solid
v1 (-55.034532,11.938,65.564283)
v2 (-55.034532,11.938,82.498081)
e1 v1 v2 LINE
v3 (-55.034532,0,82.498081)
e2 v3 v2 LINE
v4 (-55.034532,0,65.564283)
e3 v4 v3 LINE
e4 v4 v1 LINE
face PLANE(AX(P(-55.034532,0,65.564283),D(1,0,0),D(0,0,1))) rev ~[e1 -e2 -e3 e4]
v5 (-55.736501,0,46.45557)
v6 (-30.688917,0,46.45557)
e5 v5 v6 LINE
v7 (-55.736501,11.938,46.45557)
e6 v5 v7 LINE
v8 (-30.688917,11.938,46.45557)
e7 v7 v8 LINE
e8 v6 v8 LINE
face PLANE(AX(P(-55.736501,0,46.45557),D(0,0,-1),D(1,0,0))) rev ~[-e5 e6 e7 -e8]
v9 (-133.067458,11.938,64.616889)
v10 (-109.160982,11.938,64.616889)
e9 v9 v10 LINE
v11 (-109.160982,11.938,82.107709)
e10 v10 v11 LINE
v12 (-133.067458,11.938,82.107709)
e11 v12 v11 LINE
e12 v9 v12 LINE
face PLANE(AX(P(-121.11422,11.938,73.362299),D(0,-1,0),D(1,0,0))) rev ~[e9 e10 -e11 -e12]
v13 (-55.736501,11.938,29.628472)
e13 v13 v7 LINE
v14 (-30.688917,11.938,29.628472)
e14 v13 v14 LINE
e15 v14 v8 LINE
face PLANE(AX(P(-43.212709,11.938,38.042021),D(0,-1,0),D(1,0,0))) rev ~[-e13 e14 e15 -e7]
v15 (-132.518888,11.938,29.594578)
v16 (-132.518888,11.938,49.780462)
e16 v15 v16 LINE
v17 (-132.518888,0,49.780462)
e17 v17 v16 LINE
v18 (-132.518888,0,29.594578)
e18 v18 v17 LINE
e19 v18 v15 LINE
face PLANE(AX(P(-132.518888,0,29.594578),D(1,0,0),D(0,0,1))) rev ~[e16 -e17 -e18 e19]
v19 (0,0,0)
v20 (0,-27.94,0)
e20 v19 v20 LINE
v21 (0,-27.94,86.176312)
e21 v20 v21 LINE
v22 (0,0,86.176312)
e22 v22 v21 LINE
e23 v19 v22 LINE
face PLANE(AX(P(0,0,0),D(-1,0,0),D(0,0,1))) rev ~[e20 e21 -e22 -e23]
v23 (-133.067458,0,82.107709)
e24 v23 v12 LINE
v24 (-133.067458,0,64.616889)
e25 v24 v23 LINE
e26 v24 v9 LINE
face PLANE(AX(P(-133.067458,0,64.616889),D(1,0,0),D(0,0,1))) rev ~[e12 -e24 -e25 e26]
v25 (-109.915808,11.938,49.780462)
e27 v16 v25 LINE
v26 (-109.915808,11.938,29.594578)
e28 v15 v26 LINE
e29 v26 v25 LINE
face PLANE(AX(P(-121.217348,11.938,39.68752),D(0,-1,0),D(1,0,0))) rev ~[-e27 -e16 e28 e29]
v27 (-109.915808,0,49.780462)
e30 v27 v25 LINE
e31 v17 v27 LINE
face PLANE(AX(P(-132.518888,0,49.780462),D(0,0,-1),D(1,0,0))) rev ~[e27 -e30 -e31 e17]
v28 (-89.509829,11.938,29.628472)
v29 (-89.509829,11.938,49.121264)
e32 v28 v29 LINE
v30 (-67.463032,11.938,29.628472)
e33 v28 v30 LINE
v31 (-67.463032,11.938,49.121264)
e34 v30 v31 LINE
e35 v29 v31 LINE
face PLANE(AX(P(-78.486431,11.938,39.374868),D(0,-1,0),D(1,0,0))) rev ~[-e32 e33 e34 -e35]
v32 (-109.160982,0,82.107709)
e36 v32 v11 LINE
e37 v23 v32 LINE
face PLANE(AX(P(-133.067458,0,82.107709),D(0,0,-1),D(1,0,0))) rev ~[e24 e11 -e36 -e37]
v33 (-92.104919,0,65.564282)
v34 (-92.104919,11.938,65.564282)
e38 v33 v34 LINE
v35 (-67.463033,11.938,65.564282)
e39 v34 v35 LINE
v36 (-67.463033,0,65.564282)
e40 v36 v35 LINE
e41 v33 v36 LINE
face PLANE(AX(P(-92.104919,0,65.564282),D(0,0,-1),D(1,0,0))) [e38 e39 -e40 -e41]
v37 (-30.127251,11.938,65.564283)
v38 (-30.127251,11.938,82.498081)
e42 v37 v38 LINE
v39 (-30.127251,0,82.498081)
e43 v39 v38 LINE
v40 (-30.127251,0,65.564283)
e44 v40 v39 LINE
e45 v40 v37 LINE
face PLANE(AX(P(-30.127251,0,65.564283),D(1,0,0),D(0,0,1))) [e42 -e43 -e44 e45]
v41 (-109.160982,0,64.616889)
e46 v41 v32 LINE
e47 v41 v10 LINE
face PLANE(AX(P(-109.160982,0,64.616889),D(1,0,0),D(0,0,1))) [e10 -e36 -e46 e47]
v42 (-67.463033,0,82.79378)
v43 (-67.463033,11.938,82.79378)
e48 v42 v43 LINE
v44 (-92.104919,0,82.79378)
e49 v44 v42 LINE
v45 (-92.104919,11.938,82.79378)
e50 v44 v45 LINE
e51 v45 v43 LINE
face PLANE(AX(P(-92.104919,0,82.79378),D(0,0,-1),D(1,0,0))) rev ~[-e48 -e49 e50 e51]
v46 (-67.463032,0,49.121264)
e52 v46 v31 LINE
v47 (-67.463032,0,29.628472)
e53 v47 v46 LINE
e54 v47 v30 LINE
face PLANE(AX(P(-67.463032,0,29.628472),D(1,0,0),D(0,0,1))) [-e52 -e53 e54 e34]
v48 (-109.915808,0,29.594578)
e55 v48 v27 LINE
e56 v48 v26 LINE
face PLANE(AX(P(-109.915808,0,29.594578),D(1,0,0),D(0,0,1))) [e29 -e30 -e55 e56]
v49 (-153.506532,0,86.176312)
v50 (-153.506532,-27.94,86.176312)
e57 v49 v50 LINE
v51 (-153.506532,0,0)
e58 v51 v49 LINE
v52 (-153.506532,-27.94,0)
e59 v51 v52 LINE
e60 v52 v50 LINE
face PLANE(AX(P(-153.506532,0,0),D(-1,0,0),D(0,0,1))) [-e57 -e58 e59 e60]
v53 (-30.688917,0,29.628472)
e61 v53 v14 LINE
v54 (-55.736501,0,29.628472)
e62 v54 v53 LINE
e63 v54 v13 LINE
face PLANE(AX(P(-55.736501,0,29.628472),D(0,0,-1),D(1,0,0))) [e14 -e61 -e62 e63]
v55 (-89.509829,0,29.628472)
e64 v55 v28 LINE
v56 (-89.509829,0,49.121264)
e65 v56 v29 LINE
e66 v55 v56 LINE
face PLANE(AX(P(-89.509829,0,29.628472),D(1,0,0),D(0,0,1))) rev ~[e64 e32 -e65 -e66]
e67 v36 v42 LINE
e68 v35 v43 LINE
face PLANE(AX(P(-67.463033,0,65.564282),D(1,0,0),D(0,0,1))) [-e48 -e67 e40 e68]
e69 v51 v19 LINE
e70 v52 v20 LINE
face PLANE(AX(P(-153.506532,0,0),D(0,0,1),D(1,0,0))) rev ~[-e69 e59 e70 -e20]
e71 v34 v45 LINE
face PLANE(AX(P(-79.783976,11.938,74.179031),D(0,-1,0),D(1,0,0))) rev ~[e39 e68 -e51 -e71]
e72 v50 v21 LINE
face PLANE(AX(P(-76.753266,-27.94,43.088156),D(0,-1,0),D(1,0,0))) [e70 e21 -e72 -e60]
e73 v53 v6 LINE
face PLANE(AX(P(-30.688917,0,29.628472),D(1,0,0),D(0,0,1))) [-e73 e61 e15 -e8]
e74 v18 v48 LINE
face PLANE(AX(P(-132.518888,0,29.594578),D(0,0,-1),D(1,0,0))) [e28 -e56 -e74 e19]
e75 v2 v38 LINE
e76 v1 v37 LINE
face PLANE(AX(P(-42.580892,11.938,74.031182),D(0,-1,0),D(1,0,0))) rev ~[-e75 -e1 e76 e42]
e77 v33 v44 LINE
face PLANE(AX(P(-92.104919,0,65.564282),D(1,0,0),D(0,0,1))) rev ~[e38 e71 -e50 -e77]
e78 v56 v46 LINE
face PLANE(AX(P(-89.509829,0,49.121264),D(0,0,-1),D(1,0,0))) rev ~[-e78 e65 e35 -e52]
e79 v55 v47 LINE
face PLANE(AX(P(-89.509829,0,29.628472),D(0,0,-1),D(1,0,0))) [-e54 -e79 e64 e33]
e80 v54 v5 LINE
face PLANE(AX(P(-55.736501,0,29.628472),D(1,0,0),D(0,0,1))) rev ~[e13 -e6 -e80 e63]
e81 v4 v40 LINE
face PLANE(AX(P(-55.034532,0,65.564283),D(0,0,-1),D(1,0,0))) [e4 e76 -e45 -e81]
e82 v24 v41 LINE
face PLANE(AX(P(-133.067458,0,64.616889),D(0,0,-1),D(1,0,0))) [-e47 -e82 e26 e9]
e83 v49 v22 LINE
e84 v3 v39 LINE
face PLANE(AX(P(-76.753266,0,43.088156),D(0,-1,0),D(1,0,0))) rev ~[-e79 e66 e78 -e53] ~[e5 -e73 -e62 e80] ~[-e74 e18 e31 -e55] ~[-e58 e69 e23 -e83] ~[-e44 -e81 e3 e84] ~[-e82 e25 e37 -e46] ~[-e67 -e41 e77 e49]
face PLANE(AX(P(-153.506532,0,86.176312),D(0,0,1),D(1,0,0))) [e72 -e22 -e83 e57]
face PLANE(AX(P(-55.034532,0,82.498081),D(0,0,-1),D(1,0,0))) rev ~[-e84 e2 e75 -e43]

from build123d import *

# Parameters (mm, degrees)
F0_W     = 153.506532
F0_H     = 86.176313
F1_DEPTH = 27.94
F2_W     = 22.60308
F2_H     = 20.185884
F2_W_2   = 24.641886
F2_H_2   = 17.229498
F2_W_3   = 22.046797
F2_H_3   = 19.492792
F2_W_4   = 25.047584
F2_H_4   = 16.827098
F2_W_5   = 24.907281
F2_H_5   = 16.933799
F2_W_6   = 23.906477
F2_H_6   = 17.490819
F3_DEPTH = 11.938


with BuildPart() as f1:
    # F0 (on Front) → F1 (new body)
    with BuildSketch(Plane.XZ):
        with Locations((-76.753266, 43.088156)):
            Rectangle(F0_W, F0_H)
    extrude(amount=F1_DEPTH)

    # F2 (on Front) → F3 (join)
    with BuildSketch(Plane.XZ):
        with Locations((-121.217348, 39.68752)):
            Rectangle(F2_W, F2_H)
        with Locations((-79.783976, 74.179031)):
            Rectangle(F2_W_2, F2_H_2)
        with Locations((-78.486431, 39.374868)):
            Rectangle(F2_W_3, F2_H_3)
        with Locations((-43.212709, 38.042021)):
            Rectangle(F2_W_4, F2_H_4)
        with Locations((-42.580892, 74.031182)):
            Rectangle(F2_W_5, F2_H_5)
        with Locations((-121.11422, 73.362299)):
            Rectangle(F2_W_6, F2_H_6)
    extrude(amount=-F3_DEPTH)


solid = f1.part
